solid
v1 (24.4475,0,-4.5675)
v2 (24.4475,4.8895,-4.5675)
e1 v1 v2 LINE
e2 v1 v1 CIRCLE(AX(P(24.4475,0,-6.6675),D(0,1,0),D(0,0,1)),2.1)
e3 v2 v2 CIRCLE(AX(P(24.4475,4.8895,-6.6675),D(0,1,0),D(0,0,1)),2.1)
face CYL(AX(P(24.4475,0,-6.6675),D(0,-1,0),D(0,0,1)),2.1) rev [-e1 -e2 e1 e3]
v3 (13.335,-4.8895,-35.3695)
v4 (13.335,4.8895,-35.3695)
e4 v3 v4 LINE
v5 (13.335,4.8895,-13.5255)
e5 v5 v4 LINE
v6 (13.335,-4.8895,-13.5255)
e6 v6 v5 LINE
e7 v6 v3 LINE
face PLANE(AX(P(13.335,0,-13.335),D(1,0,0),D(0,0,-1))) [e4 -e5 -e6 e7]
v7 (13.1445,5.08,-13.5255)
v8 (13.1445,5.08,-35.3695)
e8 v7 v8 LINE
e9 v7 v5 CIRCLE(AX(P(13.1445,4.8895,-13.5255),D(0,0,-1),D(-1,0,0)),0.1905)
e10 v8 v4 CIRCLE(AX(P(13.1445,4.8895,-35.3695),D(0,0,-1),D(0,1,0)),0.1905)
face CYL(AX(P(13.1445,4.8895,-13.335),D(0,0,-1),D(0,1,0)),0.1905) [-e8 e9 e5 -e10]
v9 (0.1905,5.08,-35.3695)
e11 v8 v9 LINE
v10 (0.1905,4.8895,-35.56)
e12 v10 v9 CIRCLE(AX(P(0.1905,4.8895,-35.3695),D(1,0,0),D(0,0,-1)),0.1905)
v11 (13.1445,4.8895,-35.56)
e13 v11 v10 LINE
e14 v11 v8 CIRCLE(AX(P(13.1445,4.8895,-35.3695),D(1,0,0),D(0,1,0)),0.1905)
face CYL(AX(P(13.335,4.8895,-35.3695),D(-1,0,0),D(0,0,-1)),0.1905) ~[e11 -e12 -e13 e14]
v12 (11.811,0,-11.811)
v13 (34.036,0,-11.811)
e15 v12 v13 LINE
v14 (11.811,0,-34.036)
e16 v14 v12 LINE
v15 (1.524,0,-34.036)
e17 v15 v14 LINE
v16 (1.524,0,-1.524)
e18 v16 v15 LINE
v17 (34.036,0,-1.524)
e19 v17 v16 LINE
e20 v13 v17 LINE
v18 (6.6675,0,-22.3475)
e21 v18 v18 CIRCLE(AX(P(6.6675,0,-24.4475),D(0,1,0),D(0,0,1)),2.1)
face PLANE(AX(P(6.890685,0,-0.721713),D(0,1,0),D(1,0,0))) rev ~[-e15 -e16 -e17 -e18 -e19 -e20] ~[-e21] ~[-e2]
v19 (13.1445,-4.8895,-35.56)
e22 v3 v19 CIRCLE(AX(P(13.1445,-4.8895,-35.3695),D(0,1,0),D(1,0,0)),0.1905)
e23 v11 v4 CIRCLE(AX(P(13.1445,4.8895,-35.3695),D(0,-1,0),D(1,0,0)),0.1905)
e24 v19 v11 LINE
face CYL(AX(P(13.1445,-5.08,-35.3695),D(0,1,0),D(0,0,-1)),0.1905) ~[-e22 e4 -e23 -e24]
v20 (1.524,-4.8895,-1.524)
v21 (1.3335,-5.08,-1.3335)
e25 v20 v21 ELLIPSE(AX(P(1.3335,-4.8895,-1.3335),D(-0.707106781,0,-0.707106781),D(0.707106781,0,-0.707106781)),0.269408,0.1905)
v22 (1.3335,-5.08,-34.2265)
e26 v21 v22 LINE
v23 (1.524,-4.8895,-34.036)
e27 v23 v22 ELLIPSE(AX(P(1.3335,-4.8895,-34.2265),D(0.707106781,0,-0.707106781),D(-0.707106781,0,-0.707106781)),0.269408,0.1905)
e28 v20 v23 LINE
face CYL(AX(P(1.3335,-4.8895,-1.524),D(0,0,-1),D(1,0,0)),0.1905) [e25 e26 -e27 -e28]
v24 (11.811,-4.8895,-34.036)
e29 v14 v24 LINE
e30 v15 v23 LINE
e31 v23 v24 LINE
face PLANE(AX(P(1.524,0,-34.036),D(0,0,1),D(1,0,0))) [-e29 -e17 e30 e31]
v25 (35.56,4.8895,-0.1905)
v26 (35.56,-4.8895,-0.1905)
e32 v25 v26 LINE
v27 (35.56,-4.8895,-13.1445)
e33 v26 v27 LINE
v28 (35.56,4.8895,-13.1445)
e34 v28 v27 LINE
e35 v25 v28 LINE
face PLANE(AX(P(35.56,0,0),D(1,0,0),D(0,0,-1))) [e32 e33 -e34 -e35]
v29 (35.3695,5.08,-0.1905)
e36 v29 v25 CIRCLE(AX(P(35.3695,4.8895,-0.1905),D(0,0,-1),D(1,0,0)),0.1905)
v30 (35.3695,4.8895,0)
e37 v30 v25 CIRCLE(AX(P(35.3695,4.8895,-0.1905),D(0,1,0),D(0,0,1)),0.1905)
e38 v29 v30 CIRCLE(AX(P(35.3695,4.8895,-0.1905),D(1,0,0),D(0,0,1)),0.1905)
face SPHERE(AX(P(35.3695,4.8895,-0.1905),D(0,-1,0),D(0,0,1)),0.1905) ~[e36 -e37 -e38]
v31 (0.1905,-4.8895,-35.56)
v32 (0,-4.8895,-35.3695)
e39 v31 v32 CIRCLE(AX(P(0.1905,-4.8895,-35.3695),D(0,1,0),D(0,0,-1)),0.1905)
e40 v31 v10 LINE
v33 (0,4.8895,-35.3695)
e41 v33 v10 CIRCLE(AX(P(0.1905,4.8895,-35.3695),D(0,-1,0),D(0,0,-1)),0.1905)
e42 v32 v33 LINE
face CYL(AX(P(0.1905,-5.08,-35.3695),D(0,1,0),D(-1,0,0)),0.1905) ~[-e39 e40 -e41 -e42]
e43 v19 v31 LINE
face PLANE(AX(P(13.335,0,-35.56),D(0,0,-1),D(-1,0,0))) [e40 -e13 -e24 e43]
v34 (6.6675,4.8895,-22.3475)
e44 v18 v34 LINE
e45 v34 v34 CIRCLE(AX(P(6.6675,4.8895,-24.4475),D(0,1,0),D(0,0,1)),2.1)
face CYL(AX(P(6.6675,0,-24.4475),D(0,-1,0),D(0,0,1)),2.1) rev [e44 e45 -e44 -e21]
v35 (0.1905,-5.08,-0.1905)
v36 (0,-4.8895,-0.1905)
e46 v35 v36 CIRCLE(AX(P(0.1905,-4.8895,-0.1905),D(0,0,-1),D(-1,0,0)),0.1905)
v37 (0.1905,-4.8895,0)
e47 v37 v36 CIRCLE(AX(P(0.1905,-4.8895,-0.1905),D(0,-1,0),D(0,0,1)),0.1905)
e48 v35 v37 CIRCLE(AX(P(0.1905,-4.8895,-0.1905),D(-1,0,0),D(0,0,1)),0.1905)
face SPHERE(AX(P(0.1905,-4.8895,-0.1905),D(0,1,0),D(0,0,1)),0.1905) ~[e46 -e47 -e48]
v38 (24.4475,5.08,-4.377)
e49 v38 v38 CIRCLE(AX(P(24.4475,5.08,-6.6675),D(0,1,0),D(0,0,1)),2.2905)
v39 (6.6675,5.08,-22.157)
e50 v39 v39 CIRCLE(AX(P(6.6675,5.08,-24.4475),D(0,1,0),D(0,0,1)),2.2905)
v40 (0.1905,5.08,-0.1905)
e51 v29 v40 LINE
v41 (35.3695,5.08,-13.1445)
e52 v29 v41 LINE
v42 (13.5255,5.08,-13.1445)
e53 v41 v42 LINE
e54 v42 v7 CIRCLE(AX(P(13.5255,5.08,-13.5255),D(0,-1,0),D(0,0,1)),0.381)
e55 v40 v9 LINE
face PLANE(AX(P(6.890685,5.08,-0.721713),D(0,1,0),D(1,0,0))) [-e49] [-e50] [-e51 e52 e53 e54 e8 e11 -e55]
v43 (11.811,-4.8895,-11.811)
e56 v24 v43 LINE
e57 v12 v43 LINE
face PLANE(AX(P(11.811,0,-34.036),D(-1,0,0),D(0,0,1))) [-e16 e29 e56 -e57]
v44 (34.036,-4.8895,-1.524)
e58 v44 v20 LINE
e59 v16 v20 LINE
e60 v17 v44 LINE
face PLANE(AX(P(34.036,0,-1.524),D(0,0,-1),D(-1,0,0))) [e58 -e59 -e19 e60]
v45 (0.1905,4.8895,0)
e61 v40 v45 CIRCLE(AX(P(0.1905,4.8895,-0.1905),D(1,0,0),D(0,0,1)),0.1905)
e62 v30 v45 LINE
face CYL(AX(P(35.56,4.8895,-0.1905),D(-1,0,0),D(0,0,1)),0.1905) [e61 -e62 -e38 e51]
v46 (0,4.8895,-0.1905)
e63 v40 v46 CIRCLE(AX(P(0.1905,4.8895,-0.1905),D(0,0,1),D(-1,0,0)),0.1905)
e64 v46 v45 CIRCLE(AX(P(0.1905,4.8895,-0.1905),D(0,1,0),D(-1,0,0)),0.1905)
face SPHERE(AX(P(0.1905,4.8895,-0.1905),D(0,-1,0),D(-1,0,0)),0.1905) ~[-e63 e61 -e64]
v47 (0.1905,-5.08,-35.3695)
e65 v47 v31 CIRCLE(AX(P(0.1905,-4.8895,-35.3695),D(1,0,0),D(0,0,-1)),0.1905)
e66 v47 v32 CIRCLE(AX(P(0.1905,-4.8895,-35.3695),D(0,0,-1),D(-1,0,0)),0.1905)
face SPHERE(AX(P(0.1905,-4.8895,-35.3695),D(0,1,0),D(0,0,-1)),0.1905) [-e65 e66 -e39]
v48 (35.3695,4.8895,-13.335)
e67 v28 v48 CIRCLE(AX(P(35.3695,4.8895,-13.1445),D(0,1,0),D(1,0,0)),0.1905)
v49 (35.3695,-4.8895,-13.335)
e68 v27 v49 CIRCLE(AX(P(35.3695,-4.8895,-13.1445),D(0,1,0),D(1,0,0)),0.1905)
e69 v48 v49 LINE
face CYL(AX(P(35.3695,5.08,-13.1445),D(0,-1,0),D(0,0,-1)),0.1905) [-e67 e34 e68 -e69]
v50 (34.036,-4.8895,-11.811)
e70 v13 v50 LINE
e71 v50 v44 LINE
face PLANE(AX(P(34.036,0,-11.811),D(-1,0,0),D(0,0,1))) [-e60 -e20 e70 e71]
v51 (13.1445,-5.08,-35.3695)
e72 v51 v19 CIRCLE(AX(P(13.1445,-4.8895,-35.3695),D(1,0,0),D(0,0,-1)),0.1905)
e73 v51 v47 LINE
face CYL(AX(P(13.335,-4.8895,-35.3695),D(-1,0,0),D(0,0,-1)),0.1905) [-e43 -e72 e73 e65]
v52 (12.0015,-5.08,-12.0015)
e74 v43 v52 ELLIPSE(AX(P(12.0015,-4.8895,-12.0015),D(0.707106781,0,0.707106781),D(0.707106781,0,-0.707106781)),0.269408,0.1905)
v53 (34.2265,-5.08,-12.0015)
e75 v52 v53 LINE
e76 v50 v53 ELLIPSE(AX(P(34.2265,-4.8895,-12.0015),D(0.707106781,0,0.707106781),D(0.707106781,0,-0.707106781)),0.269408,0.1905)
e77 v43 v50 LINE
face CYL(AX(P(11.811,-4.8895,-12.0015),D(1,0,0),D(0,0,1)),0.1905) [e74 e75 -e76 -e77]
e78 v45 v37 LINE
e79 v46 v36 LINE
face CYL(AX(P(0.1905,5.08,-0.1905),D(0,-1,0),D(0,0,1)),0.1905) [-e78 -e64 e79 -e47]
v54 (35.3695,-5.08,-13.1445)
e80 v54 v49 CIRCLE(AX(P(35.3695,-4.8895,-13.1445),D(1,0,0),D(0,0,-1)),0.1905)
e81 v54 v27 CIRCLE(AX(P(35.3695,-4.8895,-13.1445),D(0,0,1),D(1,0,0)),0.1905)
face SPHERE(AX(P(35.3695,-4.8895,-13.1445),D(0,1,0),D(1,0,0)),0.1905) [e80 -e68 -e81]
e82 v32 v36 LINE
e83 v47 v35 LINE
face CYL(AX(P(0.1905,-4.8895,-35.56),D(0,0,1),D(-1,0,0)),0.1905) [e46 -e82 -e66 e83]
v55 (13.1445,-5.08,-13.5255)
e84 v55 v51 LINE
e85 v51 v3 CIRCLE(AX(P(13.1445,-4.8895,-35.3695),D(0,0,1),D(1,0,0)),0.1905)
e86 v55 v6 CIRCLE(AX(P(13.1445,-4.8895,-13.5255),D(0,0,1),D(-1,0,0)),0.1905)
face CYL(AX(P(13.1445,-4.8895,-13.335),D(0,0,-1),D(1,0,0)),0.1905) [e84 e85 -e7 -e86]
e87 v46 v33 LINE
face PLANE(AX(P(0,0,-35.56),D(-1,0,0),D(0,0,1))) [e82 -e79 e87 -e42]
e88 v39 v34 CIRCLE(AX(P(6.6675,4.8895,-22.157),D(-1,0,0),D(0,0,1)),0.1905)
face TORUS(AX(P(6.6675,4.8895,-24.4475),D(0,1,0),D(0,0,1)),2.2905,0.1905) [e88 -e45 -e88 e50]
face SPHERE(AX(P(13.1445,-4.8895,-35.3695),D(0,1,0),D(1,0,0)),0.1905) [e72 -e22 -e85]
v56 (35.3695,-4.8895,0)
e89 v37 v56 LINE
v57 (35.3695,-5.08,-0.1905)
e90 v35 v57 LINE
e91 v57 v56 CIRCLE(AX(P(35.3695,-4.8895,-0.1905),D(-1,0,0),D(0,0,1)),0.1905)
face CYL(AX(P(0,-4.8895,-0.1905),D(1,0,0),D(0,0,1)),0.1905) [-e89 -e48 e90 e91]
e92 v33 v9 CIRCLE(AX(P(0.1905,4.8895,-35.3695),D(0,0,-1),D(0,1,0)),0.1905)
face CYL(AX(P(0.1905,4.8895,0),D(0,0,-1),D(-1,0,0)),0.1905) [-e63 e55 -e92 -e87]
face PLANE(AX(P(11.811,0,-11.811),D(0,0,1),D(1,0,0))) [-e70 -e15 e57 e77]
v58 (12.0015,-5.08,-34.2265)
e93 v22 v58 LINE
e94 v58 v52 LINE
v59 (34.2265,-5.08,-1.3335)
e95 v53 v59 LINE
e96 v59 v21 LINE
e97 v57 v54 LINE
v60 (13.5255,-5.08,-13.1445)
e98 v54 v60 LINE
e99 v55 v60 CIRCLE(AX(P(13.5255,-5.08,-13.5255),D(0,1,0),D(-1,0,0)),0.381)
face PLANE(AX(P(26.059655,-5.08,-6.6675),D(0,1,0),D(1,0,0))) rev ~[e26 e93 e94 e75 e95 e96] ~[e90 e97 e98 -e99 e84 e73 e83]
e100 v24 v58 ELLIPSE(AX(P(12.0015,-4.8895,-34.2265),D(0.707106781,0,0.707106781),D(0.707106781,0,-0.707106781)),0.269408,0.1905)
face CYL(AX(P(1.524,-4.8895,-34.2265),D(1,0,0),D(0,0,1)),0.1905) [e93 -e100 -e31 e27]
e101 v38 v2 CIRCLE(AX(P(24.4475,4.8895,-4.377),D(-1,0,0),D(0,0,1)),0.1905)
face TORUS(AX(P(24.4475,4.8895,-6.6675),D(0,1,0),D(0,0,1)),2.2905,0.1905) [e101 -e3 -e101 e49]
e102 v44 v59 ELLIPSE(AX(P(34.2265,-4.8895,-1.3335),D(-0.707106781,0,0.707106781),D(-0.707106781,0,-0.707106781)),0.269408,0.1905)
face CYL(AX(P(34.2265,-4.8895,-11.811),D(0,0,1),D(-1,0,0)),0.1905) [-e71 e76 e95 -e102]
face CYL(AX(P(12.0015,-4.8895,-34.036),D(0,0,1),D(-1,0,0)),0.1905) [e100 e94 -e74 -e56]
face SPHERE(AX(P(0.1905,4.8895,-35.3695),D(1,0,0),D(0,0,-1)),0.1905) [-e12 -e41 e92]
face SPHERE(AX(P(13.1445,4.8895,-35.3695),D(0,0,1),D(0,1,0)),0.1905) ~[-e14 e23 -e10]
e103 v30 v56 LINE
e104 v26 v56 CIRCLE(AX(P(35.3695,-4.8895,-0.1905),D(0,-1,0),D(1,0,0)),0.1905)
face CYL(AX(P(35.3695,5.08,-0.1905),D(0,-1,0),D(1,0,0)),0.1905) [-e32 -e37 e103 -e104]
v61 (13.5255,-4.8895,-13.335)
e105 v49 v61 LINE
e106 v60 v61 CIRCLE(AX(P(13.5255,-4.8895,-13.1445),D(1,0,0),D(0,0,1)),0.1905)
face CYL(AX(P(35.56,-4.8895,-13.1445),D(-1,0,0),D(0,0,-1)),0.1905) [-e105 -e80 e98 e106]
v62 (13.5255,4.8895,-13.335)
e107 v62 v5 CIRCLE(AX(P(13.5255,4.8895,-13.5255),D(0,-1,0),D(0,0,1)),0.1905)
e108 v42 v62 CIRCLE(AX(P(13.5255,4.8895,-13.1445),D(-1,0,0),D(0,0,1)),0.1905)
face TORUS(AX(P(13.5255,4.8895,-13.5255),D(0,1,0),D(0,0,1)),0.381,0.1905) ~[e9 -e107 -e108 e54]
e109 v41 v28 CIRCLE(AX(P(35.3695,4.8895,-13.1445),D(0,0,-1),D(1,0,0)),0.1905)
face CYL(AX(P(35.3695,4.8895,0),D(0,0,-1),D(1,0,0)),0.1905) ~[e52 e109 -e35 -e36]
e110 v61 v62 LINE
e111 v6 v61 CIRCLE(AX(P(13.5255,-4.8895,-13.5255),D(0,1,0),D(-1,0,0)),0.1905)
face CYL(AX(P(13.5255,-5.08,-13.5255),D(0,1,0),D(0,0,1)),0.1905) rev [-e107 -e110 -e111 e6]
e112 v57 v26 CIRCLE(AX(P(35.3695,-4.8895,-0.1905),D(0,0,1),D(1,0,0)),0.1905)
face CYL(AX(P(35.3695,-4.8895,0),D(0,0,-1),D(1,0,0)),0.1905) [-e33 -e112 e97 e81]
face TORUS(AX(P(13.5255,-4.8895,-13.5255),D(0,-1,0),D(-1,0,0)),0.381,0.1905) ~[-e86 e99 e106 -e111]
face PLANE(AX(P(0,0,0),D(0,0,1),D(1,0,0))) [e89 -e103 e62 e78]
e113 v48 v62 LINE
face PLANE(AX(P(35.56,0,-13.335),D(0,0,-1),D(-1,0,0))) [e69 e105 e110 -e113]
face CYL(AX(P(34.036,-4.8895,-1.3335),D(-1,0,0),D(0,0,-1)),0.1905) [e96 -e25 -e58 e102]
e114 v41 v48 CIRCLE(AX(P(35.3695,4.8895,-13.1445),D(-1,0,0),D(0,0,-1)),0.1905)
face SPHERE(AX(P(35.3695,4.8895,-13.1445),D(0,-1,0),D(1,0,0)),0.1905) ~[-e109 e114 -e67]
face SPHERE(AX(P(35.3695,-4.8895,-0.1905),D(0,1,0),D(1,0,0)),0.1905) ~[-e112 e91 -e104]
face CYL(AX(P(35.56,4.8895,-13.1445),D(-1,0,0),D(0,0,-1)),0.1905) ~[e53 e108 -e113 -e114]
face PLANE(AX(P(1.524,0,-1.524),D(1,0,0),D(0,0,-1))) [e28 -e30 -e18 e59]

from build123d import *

# Parameters (mm, degrees)
SKETCH1_R           = 2.1
BOSS_EXTRUDE1_DEPTH = 5.08
BOSS_EXTRUDE2_DEPTH = 5.08
FILLET1_R           = 0.1905


with BuildPart() as part:
    # Sketch1 → Boss-Extrude1 (new body)
    with BuildSketch(Plane(origin=(0, 0, 0), x_dir=(1, 0, 0), z_dir=(0, 1, 0))):
        Polygon((0, 0), (35.56, 0), (35.56, 13.335), (13.335, 13.335), (13.335, 35.56), (0, 35.56), align=None)
        with Locations((6.6675, 24.4475)):
            Circle(SKETCH1_R, mode=Mode.SUBTRACT)
        with Locations((24.4475, 6.6675)):
            Circle(SKETCH1_R, mode=Mode.SUBTRACT)
    extrude(amount=BOSS_EXTRUDE1_DEPTH)

    # Sketch1<3> → Boss-Extrude2 (add)
    with BuildSketch(Plane(origin=(0, 0, 0), x_dir=(1, 0, 0), z_dir=(0, 1, 0))):
        Polygon((0, 0), (35.56, 0), (35.56, 13.335), (13.335, 13.335), (13.335, 35.56), (0, 35.56), align=None)
        Polygon((1.524, 34.036), (11.811, 34.036), (11.811, 11.811), (34.036, 11.811), (34.036, 1.524), (1.524, 1.524), align=None, mode=Mode.SUBTRACT)
    extrude(amount=-BOSS_EXTRUDE2_DEPTH)

    # Fillet1
    fillet1_edges = [part.edges().sort_by_distance(p)[0] for p in [
        (4.5675, 5.08, -24.4475),
        (22.3475, 5.08, -6.6675),
        (6.6675, 5.08, -35.56),
        (13.335, 5.08, -24.4475),
        (13.335, 0, -35.56),
        (24.4475, 5.08, -13.335),
        (13.335, 0, -13.335),
        (35.56, 5.08, -6.6675),
        (35.56, 0, -13.335),
        (17.78, 5.08, 0),
        (35.56, 0, 0),
        (0, 5.08, -17.78),
        (0, 0, 0),
        (0, 0, -35.56),
        (0, -5.08, -17.78),
        (17.78, -5.08, 0),
        (35.56, -5.08, -6.6675),
        (24.4475, -5.08, -13.335),
        (13.335, -5.08, -24.4475),
        (6.6675, -5.08, -35.56),
        (6.6675, -5.08, -34.036),
        (11.811, -5.08, -22.9235),
        (22.9235, -5.08, -11.811),
        (34.036, -5.08, -6.6675),
        (17.78, -5.08, -1.524),
        (1.524, -5.08, -17.78),
    ]]
    fillet(fillet1_edges, radius=FILLET1_R)


solid = part.part
